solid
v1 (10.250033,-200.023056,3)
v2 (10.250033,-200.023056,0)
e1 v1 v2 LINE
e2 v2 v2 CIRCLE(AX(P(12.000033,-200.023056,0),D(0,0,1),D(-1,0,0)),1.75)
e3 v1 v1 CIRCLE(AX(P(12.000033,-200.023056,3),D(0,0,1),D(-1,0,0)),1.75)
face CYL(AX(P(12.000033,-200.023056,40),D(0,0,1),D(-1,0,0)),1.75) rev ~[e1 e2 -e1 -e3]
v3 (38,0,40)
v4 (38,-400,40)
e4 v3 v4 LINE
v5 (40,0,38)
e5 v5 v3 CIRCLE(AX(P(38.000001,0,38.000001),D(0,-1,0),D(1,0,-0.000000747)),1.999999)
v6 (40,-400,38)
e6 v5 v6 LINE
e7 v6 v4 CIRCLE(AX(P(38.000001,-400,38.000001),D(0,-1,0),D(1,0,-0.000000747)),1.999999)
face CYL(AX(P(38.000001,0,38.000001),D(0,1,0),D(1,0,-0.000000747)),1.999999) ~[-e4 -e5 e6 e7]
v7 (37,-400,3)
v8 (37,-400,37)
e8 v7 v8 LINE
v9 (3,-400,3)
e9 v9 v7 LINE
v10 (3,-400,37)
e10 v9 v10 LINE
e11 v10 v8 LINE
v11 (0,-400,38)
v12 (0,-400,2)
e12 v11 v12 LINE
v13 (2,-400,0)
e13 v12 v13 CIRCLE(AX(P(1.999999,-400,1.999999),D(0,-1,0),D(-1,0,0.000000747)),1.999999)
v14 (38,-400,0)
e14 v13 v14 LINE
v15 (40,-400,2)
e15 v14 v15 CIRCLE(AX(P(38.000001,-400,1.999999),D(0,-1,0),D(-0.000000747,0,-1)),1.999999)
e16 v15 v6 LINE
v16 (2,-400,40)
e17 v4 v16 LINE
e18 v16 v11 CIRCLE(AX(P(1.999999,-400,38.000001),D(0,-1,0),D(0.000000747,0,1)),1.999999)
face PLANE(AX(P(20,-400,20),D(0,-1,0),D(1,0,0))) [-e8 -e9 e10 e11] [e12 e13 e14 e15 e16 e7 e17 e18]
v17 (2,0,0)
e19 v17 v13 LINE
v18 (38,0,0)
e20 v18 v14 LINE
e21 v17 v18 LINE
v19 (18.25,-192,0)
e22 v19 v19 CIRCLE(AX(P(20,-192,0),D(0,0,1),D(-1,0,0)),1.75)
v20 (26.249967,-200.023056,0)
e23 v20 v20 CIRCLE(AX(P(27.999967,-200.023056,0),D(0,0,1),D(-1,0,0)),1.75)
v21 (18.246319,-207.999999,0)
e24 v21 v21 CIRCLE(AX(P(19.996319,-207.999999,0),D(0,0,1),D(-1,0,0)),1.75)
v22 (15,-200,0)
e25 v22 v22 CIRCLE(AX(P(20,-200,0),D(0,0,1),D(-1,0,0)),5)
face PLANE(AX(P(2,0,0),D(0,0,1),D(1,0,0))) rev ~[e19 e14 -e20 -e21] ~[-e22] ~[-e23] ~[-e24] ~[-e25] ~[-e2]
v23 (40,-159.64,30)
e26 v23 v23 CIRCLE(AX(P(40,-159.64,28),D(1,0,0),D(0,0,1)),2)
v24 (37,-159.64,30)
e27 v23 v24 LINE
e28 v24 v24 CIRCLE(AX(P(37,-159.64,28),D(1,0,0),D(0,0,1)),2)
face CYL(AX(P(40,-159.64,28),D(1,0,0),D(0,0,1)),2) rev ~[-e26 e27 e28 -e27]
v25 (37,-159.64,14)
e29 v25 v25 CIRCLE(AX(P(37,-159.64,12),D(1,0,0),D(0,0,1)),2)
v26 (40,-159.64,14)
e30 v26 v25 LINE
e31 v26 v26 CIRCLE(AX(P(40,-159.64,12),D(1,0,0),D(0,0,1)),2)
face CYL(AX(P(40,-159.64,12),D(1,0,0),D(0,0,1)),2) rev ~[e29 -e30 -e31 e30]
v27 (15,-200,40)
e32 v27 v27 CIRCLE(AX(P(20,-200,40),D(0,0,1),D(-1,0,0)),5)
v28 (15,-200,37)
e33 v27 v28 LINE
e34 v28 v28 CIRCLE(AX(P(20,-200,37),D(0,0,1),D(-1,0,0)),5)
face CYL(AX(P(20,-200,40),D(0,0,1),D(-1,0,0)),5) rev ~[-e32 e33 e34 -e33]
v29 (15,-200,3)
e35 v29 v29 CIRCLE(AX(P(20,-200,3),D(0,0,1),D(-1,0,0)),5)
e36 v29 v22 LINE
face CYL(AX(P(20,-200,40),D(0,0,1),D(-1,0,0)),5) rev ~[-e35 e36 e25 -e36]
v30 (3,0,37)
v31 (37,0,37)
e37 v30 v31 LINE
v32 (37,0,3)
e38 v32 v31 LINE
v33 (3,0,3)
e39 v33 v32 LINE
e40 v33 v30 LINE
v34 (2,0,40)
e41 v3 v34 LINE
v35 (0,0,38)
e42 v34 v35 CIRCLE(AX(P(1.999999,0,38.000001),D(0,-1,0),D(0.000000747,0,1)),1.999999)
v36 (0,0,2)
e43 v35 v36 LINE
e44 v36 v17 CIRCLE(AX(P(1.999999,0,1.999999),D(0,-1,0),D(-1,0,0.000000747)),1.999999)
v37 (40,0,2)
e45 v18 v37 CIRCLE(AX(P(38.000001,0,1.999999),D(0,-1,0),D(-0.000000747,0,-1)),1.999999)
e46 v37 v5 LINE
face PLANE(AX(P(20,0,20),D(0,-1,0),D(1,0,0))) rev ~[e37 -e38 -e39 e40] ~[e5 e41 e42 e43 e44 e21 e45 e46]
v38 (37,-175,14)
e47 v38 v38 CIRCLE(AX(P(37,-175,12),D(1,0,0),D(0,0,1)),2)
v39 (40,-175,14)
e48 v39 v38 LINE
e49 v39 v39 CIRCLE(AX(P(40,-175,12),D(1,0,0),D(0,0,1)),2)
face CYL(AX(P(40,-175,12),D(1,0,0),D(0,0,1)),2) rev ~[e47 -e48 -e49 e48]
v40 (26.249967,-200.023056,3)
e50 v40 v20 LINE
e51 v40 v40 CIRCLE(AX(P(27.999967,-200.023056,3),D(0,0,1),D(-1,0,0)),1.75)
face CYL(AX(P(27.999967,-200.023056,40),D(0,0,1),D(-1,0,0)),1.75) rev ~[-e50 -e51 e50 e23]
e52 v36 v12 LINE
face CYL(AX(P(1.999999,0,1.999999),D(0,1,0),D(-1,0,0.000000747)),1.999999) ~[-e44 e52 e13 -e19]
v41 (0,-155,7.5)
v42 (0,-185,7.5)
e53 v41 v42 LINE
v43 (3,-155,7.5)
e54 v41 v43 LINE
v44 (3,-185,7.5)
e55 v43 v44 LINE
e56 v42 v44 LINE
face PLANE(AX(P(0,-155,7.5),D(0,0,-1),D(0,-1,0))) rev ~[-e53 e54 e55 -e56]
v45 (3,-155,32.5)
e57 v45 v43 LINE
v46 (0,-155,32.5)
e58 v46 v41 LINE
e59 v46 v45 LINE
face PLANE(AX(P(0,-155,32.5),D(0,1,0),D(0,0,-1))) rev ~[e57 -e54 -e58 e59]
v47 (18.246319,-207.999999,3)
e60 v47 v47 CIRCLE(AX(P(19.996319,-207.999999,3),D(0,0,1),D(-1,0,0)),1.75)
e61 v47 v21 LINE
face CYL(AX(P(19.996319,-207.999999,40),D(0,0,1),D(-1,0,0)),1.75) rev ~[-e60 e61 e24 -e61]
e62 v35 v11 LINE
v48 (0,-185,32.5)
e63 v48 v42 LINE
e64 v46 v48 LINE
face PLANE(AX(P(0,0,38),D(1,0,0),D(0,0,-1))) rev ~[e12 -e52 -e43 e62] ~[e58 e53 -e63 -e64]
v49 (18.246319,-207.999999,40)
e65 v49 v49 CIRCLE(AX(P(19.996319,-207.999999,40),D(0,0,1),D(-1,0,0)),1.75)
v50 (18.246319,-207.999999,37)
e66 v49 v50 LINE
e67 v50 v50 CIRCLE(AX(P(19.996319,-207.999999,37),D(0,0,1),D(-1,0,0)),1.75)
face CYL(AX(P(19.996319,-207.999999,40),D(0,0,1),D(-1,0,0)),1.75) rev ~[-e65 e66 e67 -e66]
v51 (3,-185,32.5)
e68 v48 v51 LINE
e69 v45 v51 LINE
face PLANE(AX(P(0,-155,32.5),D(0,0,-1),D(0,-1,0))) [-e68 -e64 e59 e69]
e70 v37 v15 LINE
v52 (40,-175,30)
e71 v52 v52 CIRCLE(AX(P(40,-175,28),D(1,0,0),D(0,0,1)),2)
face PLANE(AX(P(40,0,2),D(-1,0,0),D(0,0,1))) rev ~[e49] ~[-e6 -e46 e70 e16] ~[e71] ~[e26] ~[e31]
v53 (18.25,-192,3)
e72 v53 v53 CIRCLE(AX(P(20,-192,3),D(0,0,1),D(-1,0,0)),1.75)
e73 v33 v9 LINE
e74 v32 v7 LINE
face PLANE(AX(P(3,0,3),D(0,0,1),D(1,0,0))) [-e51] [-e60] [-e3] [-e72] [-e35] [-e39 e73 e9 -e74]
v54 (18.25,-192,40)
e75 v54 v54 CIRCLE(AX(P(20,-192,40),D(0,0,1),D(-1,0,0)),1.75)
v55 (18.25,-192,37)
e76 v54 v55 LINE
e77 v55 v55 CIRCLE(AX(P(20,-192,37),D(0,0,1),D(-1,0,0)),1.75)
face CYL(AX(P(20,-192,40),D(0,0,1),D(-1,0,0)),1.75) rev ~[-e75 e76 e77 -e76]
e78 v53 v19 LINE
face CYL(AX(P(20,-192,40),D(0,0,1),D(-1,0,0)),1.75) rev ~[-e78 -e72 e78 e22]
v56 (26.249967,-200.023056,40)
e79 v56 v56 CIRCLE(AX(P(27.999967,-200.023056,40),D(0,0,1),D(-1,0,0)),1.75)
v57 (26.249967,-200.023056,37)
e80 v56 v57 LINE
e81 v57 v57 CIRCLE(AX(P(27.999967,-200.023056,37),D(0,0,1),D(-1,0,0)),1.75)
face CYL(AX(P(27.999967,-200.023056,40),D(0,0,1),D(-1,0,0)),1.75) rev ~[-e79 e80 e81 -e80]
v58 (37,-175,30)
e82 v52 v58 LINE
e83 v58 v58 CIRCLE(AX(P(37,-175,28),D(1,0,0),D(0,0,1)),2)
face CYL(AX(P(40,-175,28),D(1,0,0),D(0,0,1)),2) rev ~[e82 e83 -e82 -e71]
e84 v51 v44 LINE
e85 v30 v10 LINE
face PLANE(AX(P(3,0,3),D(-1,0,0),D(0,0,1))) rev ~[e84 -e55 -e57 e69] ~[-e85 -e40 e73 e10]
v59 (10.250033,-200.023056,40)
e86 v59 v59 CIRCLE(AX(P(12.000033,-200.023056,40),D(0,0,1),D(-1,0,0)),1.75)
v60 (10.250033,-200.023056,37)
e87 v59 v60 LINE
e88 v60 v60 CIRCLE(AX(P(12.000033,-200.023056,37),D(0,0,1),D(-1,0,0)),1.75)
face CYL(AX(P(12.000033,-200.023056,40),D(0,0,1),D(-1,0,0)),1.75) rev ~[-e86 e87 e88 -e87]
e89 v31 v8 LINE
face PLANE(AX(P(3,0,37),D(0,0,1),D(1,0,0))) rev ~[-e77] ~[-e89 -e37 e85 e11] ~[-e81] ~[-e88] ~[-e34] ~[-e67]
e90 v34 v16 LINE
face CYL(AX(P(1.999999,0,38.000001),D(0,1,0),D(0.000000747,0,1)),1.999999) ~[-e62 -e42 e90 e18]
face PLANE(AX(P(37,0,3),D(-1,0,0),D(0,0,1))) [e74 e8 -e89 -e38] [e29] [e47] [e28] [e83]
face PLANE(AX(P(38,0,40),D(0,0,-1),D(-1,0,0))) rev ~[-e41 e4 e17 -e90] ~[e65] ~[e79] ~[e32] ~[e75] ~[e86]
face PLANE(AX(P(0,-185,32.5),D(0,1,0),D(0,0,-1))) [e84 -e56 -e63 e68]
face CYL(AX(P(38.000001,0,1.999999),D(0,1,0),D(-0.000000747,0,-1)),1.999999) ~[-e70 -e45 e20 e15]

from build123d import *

# Parameters (mm, degrees)
SKETCH_W       = 34
SKETCH_H       = 34
PAD_DEPTH      = 400
SKETCH001_R    = 5
HOLE_DEPTH     = 40.001
SKETCH002_R    = 1.75
HOLE001_DEPTH  = 40.001
SKETCH003_R    = 2
HOLE002_DEPTH  = 25
HOLE002_TIPS_R = 2
SKETCH004_W    = 25
SKETCH004_H    = 30
POCKET_DEPTH   = 3


with BuildPart() as part:
    # Sketch → Pad (new body)
    with BuildSketch(Plane.XZ):
        with BuildLine():
            Line((2, 0), (38, 0))
            ThreePointArc((38, 0), (39.414214, 0.585786), (40, 2))
            Line((40, 2), (40, 38))
            ThreePointArc((40, 38), (39.414214, 39.414214), (38, 40))
            Line((38, 40), (2, 40))
            ThreePointArc((2, 40), (0.585786, 39.414214), (0, 38))
            Line((0, 38), (0, 2))
            ThreePointArc((0, 2), (0.585786, 0.585786), (2, 0))
        make_face()
        with Locations((20, 20)):
            Rectangle(SKETCH_W, SKETCH_H, mode=Mode.SUBTRACT)
    extrude(amount=PAD_DEPTH)

    # Sketch001 (on Face5 of Pad) → Hole (cut, through all)
    with BuildSketch(Plane(origin=(0, 0, 40), x_dir=(-1, 0, 0), z_dir=(0, 0, 1))):
        with Locations((-20, 200)):
            Circle(SKETCH001_R)
    extrude(amount=-HOLE_DEPTH, mode=Mode.SUBTRACT)

    # Sketch002 (on Face10 of Hole) → Hole001 (cut, through all)
    with BuildSketch(Plane(origin=(0, 0, 40), x_dir=(-1, 0, 0), z_dir=(0, 0, 1))):
        with Locations((-12.000033, 200.023056)):
            Circle(SKETCH002_R)
        with Locations((-27.999967, 200.023056)):
            Circle(SKETCH002_R)
        with Locations((-20, 192)):
            Circle(SKETCH002_R)
        with Locations((-19.996319, 207.999999)):
            Circle(SKETCH002_R)
    extrude(amount=-HOLE001_DEPTH, mode=Mode.SUBTRACT)

    # Sketch003 (on Face12 of Hole001) → Hole002 (cut)
    with BuildSketch(Plane(origin=(40, 0, 0), x_dir=(0, 0, 1), z_dir=(1, 0, 0))):
        with Locations((28, 175)):
            Circle(SKETCH003_R)
        with Locations((12, 175)):
            Circle(SKETCH003_R)
        with Locations((28, 159.64)):
            Circle(SKETCH003_R)
        with Locations((12, 159.64)):
            Circle(SKETCH003_R)
    extrude(amount=-HOLE002_DEPTH, mode=Mode.SUBTRACT)

    # Hole002 tips → Hole002 tip 1 section 0
    with BuildSketch(Plane(origin=(15, 0, 0), x_dir=(0, 0, 1), z_dir=(1, 0, 0)), mode=Mode.PRIVATE) as hole002_tip_1_s0:
        with Locations((28, 175)):
            Circle(HOLE002_TIPS_R)
    loft([hole002_tip_1_s0.sketch, Vertex(13.798279, -175, 28)], mode=Mode.SUBTRACT)

    # Hole002 tips → Hole002 tip 2 section 0
    with BuildSketch(Plane(origin=(15, 0, 0), x_dir=(0, 0, 1), z_dir=(1, 0, 0)), mode=Mode.PRIVATE) as hole002_tip_2_s0:
        with Locations((12, 175)):
            Circle(HOLE002_TIPS_R)
    loft([hole002_tip_2_s0.sketch, Vertex(13.798279, -175, 12)], mode=Mode.SUBTRACT)

    # Hole002 tips → Hole002 tip 3 section 0
    with BuildSketch(Plane(origin=(15, 0, 0), x_dir=(0, 0, 1), z_dir=(1, 0, 0)), mode=Mode.PRIVATE) as hole002_tip_3_s0:
        with Locations((28, 159.64)):
            Circle(HOLE002_TIPS_R)
    loft([hole002_tip_3_s0.sketch, Vertex(13.798279, -159.64, 28)], mode=Mode.SUBTRACT)

    # Hole002 tips → Hole002 tip 4 section 0
    with BuildSketch(Plane(origin=(15, 0, 0), x_dir=(0, 0, 1), z_dir=(1, 0, 0)), mode=Mode.PRIVATE) as hole002_tip_4_s0:
        with Locations((12, 159.64)):
            Circle(HOLE002_TIPS_R)
    loft([hole002_tip_4_s0.sketch, Vertex(13.798279, -159.64, 12)], mode=Mode.SUBTRACT)

    # Sketch004 (on Face11 of Hole002) → Pocket (cut)
    with BuildSketch(Plane(origin=(0, 0, 0), x_dir=(0, 0, -1), z_dir=(-1, 0, 0))):
        with Locations((-20, 170)):
            Rectangle(SKETCH004_W, SKETCH004_H)
    extrude(amount=-POCKET_DEPTH, mode=Mode.SUBTRACT)


solid = part.part
